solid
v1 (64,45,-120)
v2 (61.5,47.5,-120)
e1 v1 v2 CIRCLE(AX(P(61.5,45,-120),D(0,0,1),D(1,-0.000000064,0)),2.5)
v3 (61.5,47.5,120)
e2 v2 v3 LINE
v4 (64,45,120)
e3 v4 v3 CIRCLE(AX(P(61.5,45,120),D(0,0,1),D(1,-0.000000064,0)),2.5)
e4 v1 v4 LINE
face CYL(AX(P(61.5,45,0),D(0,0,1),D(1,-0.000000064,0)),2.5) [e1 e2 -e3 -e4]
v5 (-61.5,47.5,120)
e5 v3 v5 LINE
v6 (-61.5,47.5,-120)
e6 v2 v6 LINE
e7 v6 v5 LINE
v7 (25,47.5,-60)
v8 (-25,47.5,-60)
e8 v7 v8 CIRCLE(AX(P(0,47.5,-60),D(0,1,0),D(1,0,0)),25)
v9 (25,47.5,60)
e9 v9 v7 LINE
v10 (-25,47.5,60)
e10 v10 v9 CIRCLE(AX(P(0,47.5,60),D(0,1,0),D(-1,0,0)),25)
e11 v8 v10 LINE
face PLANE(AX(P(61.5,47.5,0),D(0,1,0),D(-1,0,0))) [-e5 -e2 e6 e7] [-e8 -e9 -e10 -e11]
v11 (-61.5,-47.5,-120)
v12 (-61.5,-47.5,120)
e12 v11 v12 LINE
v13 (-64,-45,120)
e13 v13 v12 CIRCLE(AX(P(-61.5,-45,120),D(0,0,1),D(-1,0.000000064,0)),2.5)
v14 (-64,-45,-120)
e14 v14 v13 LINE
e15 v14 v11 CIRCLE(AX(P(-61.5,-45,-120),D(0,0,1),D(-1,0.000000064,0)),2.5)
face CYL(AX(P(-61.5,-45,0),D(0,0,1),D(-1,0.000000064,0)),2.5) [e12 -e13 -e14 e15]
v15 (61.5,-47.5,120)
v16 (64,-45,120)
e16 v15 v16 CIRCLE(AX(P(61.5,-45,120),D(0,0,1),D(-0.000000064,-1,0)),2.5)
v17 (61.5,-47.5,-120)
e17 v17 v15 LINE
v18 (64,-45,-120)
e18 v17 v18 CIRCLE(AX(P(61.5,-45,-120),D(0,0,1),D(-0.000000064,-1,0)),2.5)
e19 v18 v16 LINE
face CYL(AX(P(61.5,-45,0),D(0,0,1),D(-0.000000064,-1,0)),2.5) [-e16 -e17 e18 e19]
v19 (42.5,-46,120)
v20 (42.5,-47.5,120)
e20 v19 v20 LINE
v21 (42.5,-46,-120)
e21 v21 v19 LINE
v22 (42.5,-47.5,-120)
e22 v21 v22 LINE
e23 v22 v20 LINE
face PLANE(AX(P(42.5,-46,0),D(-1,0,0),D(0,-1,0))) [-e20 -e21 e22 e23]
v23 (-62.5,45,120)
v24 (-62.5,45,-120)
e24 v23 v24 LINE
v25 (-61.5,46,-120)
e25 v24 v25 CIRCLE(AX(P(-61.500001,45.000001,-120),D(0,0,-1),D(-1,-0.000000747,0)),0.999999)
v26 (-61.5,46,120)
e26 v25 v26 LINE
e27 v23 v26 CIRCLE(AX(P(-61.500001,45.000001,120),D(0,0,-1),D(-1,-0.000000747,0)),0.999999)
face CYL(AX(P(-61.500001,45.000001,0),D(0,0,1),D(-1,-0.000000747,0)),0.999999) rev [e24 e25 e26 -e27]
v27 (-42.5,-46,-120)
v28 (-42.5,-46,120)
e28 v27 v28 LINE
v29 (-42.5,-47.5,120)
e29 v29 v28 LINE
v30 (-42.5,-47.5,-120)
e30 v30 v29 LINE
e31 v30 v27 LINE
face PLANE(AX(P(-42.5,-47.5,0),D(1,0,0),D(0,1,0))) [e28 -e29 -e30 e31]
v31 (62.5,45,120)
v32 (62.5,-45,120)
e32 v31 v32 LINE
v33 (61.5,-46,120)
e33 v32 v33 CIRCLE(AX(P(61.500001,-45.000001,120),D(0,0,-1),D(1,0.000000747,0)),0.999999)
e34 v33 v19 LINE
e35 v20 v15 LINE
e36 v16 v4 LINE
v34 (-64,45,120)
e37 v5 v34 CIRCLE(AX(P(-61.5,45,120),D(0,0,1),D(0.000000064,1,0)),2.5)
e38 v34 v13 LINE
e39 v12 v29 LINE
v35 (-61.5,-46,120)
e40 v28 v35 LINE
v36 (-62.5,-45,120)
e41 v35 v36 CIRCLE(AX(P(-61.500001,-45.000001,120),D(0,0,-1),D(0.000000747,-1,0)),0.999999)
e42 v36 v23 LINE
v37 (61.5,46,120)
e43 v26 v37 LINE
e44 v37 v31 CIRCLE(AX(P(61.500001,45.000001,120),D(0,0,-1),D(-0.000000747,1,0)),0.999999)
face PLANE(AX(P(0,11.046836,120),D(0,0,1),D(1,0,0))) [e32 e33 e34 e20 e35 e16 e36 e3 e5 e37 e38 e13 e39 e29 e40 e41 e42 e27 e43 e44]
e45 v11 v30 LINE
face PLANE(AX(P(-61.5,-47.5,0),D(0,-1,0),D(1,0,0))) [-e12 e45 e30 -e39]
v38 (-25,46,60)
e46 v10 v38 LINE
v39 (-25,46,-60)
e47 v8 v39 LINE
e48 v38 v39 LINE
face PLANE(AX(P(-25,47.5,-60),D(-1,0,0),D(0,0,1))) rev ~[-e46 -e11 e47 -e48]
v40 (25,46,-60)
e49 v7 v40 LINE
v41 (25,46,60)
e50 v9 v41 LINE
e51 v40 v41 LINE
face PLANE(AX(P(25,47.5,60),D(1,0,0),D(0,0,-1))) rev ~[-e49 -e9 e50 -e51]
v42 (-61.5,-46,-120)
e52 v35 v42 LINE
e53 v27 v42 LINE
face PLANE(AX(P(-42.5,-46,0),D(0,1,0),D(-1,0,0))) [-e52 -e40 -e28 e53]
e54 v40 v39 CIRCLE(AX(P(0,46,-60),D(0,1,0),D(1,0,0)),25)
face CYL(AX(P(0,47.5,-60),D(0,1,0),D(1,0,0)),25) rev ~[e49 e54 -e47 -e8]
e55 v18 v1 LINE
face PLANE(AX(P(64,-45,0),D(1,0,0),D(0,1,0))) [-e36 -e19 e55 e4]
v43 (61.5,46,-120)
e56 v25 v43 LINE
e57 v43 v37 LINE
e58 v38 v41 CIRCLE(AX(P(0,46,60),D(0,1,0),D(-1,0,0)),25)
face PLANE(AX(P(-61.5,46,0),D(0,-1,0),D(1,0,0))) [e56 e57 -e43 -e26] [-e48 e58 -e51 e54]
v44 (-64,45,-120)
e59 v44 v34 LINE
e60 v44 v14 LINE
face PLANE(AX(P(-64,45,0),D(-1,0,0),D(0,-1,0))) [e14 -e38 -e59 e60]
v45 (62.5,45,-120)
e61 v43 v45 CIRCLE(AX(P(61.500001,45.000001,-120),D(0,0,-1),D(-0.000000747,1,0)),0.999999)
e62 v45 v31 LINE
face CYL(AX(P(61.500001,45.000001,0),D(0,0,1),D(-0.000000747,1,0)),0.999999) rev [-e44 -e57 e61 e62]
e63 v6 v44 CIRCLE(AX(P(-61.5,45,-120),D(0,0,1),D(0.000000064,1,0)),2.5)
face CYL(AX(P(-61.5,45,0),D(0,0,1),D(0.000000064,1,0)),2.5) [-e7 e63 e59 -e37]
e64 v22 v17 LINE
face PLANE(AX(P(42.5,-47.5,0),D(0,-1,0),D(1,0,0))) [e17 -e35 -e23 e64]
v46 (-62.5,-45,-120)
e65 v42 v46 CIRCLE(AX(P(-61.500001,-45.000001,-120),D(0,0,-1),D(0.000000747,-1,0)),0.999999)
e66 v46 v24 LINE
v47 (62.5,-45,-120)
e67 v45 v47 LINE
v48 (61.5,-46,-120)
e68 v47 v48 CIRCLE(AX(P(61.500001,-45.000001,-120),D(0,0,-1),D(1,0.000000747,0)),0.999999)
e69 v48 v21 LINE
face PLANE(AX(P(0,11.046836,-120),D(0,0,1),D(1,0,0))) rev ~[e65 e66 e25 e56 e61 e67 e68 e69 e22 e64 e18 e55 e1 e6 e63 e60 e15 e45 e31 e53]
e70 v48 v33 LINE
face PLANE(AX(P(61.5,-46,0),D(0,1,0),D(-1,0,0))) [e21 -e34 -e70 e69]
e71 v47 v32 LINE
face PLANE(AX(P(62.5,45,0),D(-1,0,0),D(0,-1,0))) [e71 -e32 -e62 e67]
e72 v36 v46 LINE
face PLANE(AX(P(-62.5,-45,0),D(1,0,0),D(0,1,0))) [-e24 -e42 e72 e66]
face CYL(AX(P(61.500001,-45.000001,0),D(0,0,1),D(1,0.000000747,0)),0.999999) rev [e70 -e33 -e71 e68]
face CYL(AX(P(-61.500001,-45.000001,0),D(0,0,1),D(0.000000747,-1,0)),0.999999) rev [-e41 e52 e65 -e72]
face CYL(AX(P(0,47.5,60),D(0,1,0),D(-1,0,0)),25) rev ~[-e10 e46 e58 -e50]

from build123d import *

# Parameters (mm, degrees)
F1_DEPTH = 120
F4_DEPTH = 25


with BuildPart() as f1:
    # F0 (on Top) → F1 (new body, symmetric)
    with BuildSketch(Plane.XY):
        with BuildLine():
            ThreePointArc((-62.5, 45), (-62.207107, 45.707107), (-61.5, 46))
            Line((-61.5, 46), (61.5, 46))
            ThreePointArc((61.5, 46), (62.207107, 45.707107), (62.5, 45))
            Line((62.5, 45), (62.5, -45))
            ThreePointArc((62.5, -45), (62.207107, -45.707107), (61.5, -46))
            Line((61.5, -46), (42.5, -46))
            Line((42.5, -46), (42.5, -47.5))
            Line((42.5, -47.5), (61.5, -47.5))
            ThreePointArc((61.5, -47.5), (63.267767, -46.767767), (64, -45))
            Line((64, -45), (64, 45))
            ThreePointArc((64, 45), (63.267767, 46.767767), (61.5, 47.5))
            Line((61.5, 47.5), (-61.5, 47.5))
            ThreePointArc((-61.5, 47.5), (-63.267767, 46.767767), (-64, 45))
            Line((-64, 45), (-64, -45))
            ThreePointArc((-64, -45), (-63.267767, -46.767767), (-61.5, -47.5))
            Line((-61.5, -47.5), (-42.5, -47.5))
            Line((-42.5, -47.5), (-42.5, -46))
            Line((-42.5, -46), (-61.5, -46))
            ThreePointArc((-61.5, -46), (-62.207107, -45.707107), (-62.5, -45))
            Line((-62.5, -45), (-62.5, 45))
        make_face()
    extrude(amount=F1_DEPTH, both=True)

    # F3 (on face) → F4 (cut)
    with BuildSketch(Plane(origin=(0, 47.5, 0), x_dir=(-1, 0, 0), z_dir=(0, 1, 0))):
        with BuildLine():
            Line((-25, 60), (-25, -60))
            ThreePointArc((-25, -60), (0, -85), (25, -60))
            Line((25, -60), (25, 60))
            ThreePointArc((25, 60), (0, 85), (-25, 60))
        make_face()
    extrude(amount=-F4_DEPTH, mode=Mode.SUBTRACT)


solid = f1.part
